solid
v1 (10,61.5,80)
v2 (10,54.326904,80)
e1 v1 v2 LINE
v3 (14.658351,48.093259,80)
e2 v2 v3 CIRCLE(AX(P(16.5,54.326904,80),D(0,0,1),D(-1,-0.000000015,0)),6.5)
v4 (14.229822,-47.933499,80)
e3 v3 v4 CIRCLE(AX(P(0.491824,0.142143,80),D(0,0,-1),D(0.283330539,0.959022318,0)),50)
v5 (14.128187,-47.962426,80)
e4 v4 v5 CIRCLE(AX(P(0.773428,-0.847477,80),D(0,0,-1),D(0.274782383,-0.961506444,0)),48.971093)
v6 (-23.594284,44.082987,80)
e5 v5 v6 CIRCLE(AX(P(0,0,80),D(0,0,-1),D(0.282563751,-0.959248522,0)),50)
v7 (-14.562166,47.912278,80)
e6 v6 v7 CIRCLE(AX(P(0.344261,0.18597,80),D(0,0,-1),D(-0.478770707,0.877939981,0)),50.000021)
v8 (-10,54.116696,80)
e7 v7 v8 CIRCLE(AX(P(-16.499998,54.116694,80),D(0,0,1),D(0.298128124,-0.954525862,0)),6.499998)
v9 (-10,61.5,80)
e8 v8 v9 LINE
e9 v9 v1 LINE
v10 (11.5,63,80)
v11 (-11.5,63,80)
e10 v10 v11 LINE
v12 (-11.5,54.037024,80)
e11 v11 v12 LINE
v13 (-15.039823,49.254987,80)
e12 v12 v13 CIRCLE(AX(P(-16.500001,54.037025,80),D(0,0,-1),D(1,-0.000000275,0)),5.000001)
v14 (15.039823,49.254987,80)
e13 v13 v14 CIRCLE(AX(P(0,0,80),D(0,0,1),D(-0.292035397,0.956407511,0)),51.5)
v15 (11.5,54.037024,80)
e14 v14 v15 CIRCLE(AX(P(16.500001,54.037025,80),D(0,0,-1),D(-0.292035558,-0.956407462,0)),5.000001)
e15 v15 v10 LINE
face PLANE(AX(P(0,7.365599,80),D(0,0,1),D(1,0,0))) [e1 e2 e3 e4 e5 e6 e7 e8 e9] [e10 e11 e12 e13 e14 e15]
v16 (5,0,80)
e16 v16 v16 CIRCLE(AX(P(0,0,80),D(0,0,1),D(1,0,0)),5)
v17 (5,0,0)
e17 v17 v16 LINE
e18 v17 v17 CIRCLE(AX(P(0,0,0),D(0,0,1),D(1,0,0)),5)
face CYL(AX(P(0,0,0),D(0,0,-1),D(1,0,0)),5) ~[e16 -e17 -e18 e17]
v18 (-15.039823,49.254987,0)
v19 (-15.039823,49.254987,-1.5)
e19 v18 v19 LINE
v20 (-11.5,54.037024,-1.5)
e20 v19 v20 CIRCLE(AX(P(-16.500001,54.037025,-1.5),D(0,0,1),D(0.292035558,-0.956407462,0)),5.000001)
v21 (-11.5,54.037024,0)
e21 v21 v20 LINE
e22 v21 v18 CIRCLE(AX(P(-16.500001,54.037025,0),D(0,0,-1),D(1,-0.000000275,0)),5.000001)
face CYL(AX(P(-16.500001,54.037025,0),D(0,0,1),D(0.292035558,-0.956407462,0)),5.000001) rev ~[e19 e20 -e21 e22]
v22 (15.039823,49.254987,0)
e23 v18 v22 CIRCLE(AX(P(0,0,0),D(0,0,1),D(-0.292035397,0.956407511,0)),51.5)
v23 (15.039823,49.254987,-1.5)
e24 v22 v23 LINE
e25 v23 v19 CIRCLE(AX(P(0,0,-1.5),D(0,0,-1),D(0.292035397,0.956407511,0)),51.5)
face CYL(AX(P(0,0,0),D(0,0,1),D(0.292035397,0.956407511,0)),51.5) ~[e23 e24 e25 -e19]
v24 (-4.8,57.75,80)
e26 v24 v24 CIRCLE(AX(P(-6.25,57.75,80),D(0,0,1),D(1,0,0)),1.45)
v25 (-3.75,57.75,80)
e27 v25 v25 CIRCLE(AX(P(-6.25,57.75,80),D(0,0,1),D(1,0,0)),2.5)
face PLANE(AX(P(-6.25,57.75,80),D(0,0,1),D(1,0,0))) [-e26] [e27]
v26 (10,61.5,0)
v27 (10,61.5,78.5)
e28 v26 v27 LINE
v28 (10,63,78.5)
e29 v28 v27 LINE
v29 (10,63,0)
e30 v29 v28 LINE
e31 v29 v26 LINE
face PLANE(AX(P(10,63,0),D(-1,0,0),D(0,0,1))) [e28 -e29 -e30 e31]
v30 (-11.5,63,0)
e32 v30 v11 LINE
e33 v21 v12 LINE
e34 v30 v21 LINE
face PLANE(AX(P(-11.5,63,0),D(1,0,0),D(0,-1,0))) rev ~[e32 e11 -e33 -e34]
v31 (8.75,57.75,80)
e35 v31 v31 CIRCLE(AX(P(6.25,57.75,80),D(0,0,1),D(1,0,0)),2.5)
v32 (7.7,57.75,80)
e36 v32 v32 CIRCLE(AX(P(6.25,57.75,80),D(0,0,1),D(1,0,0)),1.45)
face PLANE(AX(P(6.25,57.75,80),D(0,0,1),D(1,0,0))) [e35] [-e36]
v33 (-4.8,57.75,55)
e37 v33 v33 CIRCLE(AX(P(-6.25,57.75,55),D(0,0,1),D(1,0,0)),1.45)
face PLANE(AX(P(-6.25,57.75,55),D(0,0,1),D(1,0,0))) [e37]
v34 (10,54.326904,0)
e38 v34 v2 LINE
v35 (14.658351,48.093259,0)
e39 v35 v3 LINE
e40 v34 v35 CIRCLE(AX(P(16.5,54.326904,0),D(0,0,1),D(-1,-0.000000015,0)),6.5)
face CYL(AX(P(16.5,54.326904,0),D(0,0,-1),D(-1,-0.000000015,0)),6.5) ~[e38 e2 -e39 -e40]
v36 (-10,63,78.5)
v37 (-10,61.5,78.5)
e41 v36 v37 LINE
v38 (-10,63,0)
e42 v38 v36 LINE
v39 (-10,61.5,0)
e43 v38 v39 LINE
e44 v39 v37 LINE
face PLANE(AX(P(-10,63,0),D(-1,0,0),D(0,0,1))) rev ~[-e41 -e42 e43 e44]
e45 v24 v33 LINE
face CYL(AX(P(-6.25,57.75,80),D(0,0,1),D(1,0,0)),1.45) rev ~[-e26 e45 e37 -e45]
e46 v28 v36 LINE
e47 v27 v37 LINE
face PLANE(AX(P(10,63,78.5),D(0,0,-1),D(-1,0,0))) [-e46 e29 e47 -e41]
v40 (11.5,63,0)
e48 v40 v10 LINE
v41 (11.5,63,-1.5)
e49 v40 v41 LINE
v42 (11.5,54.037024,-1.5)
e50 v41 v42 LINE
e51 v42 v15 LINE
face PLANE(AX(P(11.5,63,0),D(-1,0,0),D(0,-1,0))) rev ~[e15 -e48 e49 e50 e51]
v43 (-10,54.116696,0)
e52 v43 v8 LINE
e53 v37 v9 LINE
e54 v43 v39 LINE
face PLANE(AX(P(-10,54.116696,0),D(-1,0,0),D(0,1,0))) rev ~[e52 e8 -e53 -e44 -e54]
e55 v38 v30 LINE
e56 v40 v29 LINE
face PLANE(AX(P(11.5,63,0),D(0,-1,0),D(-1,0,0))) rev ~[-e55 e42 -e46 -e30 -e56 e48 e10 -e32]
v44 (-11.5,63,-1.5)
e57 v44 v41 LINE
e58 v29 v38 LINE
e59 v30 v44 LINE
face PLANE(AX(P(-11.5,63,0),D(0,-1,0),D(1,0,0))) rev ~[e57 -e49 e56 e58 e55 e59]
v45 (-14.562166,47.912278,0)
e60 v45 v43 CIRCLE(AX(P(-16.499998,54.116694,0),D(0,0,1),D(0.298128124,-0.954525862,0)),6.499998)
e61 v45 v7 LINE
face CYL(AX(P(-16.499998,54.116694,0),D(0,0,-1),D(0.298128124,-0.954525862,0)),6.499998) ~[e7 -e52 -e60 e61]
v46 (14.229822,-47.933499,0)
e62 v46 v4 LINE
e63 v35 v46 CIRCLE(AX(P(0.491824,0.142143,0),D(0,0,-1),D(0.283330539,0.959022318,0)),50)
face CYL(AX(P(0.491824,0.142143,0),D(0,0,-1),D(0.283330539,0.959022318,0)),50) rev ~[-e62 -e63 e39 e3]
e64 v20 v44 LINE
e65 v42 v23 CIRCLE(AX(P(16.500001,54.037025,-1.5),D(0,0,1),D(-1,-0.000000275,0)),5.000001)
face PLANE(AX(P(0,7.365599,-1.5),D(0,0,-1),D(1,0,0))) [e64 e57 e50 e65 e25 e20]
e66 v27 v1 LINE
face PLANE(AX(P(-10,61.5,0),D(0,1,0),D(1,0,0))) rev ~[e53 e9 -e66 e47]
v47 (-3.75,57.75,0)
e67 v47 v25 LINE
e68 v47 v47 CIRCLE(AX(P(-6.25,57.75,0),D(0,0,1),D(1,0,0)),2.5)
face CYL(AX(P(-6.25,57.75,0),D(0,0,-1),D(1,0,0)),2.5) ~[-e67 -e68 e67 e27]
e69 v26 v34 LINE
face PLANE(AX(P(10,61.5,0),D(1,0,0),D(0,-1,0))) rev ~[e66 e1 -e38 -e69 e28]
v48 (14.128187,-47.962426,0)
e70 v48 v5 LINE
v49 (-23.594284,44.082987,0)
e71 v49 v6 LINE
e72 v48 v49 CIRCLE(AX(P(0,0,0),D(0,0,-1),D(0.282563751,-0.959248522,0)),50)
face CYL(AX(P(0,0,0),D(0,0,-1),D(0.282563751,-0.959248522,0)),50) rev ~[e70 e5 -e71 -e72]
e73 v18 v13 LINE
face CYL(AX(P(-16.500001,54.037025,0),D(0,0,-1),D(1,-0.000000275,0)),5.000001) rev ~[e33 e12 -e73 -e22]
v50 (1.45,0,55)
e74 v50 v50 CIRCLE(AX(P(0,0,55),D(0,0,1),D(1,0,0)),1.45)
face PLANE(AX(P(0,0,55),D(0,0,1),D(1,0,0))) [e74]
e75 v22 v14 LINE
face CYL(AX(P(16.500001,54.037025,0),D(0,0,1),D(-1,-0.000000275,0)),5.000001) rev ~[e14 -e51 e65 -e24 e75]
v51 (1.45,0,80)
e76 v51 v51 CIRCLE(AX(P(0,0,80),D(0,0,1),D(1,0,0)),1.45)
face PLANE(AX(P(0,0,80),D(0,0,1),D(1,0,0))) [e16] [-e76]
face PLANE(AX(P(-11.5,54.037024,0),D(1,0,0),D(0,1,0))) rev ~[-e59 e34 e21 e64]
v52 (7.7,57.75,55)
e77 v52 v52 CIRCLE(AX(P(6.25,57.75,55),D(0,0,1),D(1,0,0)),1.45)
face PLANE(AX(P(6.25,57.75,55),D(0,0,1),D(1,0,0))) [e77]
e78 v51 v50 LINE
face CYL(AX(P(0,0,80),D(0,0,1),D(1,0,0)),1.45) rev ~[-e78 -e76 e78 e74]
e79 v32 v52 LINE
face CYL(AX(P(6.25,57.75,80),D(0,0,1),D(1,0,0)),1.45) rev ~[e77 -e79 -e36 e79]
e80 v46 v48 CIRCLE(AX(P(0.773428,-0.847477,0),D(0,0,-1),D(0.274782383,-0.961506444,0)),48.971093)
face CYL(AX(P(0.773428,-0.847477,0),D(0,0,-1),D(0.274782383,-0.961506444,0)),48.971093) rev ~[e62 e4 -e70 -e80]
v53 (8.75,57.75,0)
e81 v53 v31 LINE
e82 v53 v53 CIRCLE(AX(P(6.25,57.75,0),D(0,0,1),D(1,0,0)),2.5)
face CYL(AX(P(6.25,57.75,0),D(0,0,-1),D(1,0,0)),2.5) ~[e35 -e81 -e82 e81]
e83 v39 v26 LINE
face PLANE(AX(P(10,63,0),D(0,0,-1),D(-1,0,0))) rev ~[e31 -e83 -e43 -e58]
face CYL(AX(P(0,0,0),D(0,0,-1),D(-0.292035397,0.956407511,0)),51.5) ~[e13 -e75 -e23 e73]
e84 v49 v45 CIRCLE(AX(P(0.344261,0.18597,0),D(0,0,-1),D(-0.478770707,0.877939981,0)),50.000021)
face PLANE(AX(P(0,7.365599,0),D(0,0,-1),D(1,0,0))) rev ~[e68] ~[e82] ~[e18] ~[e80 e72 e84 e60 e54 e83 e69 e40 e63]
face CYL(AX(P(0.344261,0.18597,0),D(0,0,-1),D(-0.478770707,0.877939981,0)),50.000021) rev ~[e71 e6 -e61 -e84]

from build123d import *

# Parameters (mm, degrees)
F0_R     = 2.5
F0_R_2   = 5
F1_DEPTH = 80
F3_DEPTH = 1.5
F4_W     = 20
F4_H     = 78.5
F5_DEPTH = 1.5
F6_R     = 1.45
F7_DEPTH = 25


with BuildPart() as f1:
    # F0 (on Top) → F1 (new body)
    with BuildSketch(Plane.XY):
        with BuildLine():
            ThreePointArc((-11.5, 54.037024), (-12.481239, 51.062204), (-15.039823, 49.254987))
            ThreePointArc((-15.039823, 49.254987), (0, -51.5), (15.039823, 49.254987))
            ThreePointArc((15.039823, 49.254987), (12.481239, 51.062204), (11.5, 54.037024))
            Line((11.5, 54.037024), (11.5, 63))
            Line((11.5, 63), (-11.5, 63))
            Line((-11.5, 63), (-11.5, 54.037024))
        make_face()
        with BuildLine():
            ThreePointArc((14.128187, -47.962426), (-46.265444, -18.960715), (-23.594284, 44.082987))
            ThreePointArc((-23.594284, 44.082987), (-19.172369, 46.219688), (-14.562166, 47.912278))
            ThreePointArc((-14.562166, 47.912278), (-11.263306, 50.266106), (-10, 54.116696))
            Line((-10, 54.116696), (-10, 61.5))
            Line((-10, 61.5), (10, 61.5))
            Line((10, 61.5), (10, 54.326904))
            ThreePointArc((10, 54.326904), (11.293239, 50.435935), (14.658351, 48.093259))
            ThreePointArc((14.658351, 48.093259), (50.491326, -0.080985), (14.229822, -47.933499))
            ThreePointArc((14.229822, -47.933499), (14.179012, -47.94799), (14.128187, -47.962426))
        make_face(mode=Mode.SUBTRACT)
        with Locations((-6.25, 57.75)):
            Circle(F0_R)
        with Locations((6.25, 57.75)):
            Circle(F0_R)
        Circle(F0_R_2)
    extrude(amount=F1_DEPTH)

    # F2 (on face) → F3 (join)
    with BuildSketch(Plane(origin=(0, 0, 0), x_dir=(1, 0, 0), z_dir=(0, 0, -1))):
        with BuildLine():
            ThreePointArc((11.5, -54.037024), (12.481239, -51.062204), (15.039823, -49.254987))
            ThreePointArc((15.039823, -49.254987), (0, 51.5), (-15.039823, -49.254987))
            ThreePointArc((-15.039823, -49.254987), (-12.481239, -51.062204), (-11.5, -54.037024))
            Line((-11.5, -54.037024), (-11.5, -63))
            Line((-11.5, -63), (11.5, -63))
            Line((11.5, -63), (11.5, -54.037024))
        make_face()
    extrude(amount=F3_DEPTH)

    # F4 (on face) → F5 (cut, through all)
    with BuildSketch(Plane(origin=(0, 63, 0), x_dir=(-1, 0, 0), z_dir=(0, 1, 0))):
        with Locations((0, 39.25)):
            Rectangle(F4_W, F4_H)
    extrude(amount=-F5_DEPTH, mode=Mode.SUBTRACT)

    # F6 (on face) → F7 (cut)
    with BuildSketch(Plane.XY.offset(80)):
        Circle(F6_R)
        with Locations((-6.25, 57.75)):
            Circle(F6_R)
        with Locations((6.25, 57.75)):
            Circle(F6_R)
    extrude(amount=-F7_DEPTH, mode=Mode.SUBTRACT)


solid = f1.part
